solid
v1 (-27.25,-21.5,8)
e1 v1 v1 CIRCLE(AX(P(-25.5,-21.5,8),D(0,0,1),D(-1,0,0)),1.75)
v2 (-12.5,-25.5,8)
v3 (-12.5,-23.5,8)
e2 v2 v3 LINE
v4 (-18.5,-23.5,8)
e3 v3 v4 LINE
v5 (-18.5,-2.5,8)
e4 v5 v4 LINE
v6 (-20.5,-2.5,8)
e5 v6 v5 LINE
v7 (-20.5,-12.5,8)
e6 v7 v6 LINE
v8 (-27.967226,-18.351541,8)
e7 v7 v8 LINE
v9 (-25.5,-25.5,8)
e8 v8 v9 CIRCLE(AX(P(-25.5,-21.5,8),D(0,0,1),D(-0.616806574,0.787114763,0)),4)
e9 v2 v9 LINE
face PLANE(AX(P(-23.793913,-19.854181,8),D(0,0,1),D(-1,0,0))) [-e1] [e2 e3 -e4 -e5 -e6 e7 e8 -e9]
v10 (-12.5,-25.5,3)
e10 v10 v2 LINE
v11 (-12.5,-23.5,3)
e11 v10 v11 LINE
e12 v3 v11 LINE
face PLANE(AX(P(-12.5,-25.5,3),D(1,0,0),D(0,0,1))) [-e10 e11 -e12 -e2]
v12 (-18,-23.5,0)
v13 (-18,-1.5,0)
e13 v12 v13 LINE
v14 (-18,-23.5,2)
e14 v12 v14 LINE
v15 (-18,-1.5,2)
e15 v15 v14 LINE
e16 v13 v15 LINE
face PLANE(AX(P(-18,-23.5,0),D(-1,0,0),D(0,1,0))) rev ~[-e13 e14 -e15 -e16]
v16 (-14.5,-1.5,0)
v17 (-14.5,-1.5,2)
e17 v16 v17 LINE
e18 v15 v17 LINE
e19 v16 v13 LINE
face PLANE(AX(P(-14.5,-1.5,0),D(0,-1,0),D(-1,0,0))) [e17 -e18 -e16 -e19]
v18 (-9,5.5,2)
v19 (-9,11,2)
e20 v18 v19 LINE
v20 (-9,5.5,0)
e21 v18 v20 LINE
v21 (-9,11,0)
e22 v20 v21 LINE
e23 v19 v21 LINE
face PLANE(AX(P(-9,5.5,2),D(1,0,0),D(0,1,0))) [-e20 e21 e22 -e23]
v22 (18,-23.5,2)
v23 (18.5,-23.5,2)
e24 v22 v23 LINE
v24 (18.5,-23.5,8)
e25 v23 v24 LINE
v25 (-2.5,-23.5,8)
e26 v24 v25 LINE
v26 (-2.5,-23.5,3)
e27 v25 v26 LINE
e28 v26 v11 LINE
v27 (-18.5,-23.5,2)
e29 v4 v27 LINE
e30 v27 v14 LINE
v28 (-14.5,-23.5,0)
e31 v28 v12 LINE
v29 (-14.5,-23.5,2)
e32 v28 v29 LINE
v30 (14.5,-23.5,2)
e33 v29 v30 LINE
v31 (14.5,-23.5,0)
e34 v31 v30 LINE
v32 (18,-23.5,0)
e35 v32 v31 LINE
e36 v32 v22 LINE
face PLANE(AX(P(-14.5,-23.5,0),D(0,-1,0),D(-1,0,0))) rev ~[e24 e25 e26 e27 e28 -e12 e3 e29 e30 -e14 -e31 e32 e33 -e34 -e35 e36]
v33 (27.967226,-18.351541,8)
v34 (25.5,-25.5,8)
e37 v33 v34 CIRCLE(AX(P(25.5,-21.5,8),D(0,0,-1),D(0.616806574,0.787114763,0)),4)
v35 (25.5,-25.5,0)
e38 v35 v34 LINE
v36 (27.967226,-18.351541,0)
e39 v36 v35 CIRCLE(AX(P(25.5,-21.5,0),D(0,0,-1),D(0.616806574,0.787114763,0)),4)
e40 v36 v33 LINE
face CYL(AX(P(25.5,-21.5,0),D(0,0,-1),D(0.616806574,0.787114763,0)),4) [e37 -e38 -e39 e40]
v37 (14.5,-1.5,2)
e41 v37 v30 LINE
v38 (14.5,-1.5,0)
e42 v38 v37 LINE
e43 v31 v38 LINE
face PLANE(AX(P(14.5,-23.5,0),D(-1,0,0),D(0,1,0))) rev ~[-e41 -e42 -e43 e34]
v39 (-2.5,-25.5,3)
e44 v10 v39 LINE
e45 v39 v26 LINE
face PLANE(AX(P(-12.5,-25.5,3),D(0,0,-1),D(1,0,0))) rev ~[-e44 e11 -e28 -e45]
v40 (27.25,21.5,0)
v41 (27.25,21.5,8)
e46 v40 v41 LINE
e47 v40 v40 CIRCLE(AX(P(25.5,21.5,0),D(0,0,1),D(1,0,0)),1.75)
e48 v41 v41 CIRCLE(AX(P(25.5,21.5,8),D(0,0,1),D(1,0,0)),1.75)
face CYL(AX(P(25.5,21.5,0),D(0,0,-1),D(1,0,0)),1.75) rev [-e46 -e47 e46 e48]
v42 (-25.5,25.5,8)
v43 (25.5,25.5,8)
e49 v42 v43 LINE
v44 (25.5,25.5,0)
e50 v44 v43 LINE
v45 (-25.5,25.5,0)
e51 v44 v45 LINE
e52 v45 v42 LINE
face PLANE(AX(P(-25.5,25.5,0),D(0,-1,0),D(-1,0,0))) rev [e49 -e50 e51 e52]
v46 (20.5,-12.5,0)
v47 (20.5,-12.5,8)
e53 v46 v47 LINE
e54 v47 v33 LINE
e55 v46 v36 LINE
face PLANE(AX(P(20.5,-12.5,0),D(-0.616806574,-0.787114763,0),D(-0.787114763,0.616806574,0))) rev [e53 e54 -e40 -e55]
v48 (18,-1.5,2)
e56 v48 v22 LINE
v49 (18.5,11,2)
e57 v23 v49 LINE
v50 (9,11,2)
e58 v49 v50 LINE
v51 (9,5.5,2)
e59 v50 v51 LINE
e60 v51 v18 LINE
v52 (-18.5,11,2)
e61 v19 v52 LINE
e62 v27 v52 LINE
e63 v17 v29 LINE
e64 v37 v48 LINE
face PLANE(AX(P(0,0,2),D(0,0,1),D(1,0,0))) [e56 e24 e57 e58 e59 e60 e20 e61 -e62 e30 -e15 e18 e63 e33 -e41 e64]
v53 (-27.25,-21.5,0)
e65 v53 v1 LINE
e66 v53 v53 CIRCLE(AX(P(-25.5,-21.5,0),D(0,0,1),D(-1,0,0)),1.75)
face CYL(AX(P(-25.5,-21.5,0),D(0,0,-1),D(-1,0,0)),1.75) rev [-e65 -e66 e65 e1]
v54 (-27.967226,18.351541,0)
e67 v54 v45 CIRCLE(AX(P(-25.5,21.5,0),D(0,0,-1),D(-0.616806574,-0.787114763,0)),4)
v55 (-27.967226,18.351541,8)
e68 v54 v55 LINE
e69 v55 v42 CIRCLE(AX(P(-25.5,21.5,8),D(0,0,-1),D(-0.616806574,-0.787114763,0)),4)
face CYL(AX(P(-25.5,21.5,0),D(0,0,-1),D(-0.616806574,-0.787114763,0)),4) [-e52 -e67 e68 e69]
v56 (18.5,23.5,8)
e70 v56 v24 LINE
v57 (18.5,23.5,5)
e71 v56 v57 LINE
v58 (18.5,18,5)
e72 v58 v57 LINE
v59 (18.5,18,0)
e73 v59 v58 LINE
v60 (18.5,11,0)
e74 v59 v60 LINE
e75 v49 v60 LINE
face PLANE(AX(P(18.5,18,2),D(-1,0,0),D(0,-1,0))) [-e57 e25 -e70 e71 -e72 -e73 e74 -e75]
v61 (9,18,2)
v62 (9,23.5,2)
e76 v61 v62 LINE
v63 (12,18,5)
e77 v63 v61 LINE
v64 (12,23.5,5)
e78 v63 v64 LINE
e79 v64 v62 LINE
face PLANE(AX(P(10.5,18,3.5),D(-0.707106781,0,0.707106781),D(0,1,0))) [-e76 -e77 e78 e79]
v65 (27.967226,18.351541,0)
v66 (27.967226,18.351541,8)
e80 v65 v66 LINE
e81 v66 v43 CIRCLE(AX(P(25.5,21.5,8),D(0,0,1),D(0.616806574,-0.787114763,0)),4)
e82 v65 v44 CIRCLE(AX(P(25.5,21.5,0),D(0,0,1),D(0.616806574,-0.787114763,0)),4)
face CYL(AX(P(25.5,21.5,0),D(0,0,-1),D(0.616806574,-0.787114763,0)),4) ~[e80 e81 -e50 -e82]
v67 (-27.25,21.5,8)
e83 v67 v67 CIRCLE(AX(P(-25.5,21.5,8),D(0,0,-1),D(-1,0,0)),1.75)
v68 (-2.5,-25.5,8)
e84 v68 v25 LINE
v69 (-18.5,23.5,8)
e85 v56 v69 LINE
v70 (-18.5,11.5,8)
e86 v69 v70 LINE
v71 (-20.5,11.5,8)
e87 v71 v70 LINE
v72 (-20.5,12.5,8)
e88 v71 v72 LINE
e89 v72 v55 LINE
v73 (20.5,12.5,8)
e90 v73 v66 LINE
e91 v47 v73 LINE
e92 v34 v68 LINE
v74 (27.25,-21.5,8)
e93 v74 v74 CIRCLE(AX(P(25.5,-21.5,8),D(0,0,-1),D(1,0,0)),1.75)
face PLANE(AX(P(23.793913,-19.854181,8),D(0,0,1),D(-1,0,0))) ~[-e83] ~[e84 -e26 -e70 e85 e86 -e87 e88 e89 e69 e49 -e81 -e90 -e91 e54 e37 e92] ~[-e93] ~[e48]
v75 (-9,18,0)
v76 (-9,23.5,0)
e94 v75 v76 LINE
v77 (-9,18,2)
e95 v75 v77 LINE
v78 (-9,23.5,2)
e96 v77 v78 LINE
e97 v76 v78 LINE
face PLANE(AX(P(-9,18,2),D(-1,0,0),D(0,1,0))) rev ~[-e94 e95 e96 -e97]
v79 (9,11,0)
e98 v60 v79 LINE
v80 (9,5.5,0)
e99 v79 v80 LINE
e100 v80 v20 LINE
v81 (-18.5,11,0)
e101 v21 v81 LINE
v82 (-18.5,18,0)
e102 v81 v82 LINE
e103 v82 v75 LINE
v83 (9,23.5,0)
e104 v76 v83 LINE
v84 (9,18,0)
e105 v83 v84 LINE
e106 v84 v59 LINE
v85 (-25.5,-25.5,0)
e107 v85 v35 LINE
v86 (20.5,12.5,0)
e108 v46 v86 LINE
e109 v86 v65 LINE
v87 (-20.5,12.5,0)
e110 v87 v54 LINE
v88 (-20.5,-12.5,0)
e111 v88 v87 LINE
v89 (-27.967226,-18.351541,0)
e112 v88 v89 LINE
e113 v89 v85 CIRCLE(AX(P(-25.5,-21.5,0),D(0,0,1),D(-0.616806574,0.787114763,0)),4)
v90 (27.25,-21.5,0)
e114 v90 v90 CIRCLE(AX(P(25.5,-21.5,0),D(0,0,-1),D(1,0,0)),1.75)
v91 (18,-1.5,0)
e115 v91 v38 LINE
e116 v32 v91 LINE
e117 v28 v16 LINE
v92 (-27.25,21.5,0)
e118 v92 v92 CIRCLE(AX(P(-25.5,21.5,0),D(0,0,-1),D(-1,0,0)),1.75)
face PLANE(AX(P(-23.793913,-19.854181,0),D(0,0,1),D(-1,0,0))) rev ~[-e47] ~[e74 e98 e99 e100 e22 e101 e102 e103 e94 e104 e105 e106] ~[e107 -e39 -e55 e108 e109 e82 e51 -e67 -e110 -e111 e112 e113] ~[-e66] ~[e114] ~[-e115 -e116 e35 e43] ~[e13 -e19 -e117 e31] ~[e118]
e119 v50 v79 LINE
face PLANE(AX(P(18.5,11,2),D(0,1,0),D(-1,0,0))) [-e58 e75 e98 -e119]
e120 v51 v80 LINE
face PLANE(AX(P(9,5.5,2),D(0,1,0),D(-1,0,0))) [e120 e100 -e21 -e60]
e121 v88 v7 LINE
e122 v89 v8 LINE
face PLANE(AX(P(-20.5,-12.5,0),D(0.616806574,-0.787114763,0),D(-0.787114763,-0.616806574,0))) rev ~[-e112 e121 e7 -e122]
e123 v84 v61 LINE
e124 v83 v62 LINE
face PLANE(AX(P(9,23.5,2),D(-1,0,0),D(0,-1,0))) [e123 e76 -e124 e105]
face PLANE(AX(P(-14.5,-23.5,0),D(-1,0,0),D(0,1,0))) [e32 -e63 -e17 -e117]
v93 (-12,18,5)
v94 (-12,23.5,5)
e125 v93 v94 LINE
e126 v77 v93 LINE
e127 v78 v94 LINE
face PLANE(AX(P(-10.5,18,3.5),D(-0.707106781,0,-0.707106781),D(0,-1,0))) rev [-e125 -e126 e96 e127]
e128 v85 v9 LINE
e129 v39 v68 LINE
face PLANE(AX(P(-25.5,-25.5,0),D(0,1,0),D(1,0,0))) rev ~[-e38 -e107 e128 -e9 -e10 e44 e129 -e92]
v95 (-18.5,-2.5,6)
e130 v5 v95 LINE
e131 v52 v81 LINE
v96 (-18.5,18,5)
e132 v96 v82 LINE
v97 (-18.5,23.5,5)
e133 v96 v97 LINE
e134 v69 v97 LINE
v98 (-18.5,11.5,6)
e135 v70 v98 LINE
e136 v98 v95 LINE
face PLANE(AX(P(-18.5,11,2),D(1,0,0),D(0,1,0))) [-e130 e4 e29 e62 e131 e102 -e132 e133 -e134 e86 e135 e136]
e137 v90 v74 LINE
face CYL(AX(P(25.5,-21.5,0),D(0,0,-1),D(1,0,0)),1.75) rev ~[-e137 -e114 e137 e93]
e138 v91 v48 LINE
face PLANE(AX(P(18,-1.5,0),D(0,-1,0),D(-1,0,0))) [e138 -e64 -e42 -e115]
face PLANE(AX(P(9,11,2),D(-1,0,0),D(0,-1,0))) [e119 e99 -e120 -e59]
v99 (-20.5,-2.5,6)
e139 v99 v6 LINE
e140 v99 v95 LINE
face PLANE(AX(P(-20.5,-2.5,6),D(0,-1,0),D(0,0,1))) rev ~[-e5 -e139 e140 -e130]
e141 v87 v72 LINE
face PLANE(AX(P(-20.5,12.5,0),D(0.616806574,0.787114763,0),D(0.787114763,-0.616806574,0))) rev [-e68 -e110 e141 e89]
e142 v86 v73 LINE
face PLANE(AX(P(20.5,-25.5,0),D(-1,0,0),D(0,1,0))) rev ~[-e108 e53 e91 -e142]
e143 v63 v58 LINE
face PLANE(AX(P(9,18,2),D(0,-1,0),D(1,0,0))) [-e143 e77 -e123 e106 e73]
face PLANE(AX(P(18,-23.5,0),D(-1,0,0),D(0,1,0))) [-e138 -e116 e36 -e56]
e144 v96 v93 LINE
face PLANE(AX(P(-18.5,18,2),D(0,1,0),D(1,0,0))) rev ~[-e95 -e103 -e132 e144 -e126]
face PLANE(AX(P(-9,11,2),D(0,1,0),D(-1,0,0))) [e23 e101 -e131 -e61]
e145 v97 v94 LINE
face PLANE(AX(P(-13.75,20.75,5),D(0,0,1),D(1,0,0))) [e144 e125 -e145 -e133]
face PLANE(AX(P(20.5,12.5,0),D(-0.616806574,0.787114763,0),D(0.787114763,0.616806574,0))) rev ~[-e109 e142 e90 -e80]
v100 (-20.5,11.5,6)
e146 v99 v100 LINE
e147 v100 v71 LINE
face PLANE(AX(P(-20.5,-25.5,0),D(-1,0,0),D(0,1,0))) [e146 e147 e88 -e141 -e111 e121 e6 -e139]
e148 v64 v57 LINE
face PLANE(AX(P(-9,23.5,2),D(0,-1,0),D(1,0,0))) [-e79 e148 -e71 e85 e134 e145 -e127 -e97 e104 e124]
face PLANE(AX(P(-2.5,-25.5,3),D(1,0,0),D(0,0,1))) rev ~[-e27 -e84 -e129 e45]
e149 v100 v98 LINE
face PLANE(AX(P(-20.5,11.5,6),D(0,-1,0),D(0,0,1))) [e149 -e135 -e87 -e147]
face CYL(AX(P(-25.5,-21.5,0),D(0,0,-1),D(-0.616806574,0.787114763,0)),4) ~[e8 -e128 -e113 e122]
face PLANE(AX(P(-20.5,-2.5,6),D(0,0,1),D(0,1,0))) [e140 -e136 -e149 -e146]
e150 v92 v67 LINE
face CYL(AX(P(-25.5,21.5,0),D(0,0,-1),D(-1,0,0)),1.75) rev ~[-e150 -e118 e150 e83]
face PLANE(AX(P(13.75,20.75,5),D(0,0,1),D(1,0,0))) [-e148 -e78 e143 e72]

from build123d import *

# Parameters (mm, degrees)
SKETCH1_W                                  = 41
SKETCH1_H                                  = 51
BOSS_EXTRUDE1_DEPTH                        = 8
SHELL1_T                                   = -2
CUT_EXTRUDE1_DEPTH                         = 34.264094757
SKETCH3_W                                  = 10
SKETCH3_H                                  = 5
CUT_EXTRUDE2_DEPTH                         = 7
SKETCH4_W                                  = 2
SKETCH4_H                                  = 14
CUT_EXTRUDE3_DEPTH                         = 7
SKETCH5_W                                  = 3.5
SKETCH5_H                                  = 22
CUT_EXTRUDE4_DEPTH                         = 7
SKETCH6_R                                  = 1.75
BOSS_EXTRUDE2_DEPTH                        = 8
MIRROR1_AT_THE_SECOND_PLANE_COPY_1_SKETC_R = 1.75
MIRROR1_AT_THE_SECOND_PLANE_COPY_1_DEPTH   = 8
SKETCH7_W                                  = 9.5
SKETCH7_H                                  = 5.5
BOSS_EXTRUDE3_DEPTH                        = 3
CHAMFER1_SIZE                              = 3


with BuildPart() as part:
    # Sketch1 → Boss-Extrude1 (new body)
    with BuildSketch(Plane.XY):
        Rectangle(SKETCH1_W, SKETCH1_H)
    extrude(amount=BOSS_EXTRUDE1_DEPTH)

    # Shell1
    shell1_openings = [part.faces().sort_by_distance(p)[0] for p in [
        (0, 0, 8),
    ]]
    offset(amount=SHELL1_T, openings=shell1_openings, kind=Kind.INTERSECTION)

    # Sketch2 → Cut-Extrude1 (cut, through all)
    with BuildSketch(Plane.XY.offset(2)):
        Polygon((-9, 23.5), (9, 23.5), (9, 18), (18.5, 18), (18.5, 11), (9, 11), (9, 5.5), (-9, 5.5), (-9, 11), (-18.5, 11), (-18.5, 18), (-9, 18), align=None)
    extrude(amount=-CUT_EXTRUDE1_DEPTH, mode=Mode.SUBTRACT)

    # Sketch3 → Cut-Extrude2 (cut)
    with BuildSketch(Plane.XZ.offset(25.5)):
        with Locations((-7.5, 5.5)):
            Rectangle(SKETCH3_W, SKETCH3_H)
    extrude(amount=-CUT_EXTRUDE2_DEPTH, mode=Mode.SUBTRACT)

    # Sketch4 → Cut-Extrude3 (cut)
    with BuildSketch(Plane.ZY.offset(20.5)):
        with Locations((7, 4.5)):
            Rectangle(SKETCH4_W, SKETCH4_H)
    extrude(amount=-CUT_EXTRUDE3_DEPTH, mode=Mode.SUBTRACT)

    # Sketch5 → Cut-Extrude4 (cut)
    with BuildSketch(Plane(origin=(0, 0, 0), x_dir=(-1, 0, 0), z_dir=(0, 0, -1))):
        with Locations((-16.25, -12.5)):
            Rectangle(SKETCH5_W, SKETCH5_H)
        with Locations((16.25, -12.5)):
            Rectangle(SKETCH5_W, SKETCH5_H)
    extrude(amount=-CUT_EXTRUDE4_DEPTH, mode=Mode.SUBTRACT)

    # Sketch6 → Boss-Extrude2 (add)
    with BuildSketch(Plane.XY):
        with BuildLine():
            Line((25.5, 25.5), (20.5, 25.5))
            Line((20.5, 25.5), (20.5, 12.5))
            Line((20.5, 12.5), (27.967226295, 18.351540947))
            ThreePointArc((27.967226295, 18.351540947), (29.281126566, 22.805021798), (25.5, 25.5))
        make_face()
        with Locations((25.5, 21.5)):
            Circle(SKETCH6_R, mode=Mode.SUBTRACT)
    boss_extrude2 = extrude(amount=BOSS_EXTRUDE2_DEPTH)

    # Mirror1: Boss-Extrude2 across plane
    add(boss_extrude2.mirror(Plane(origin=(0, 0, 0), x_dir=(0, 0, 1), z_dir=(1, 0, 0))))

    # Mirror1 at the second plane: Boss-Extrude2 across plane
    add(boss_extrude2.mirror(Plane.ZX))

    # Mirror1 at the second plane copy 1 sketc → Mirror1 at the second plane copy 1 (add)
    with BuildSketch(Plane(origin=(0, 0, 0), x_dir=(-1, 0, 0), z_dir=(0, 0, 1))):
        with BuildLine():
            Line((25.5, 25.5), (20.5, 25.5))
            Line((20.5, 25.5), (20.5, 12.5))
            Line((20.5, 12.5), (27.967226295, 18.351540947))
            ThreePointArc((27.967226295, 18.351540947), (29.281126566, 22.805021798), (25.5, 25.5))
        make_face()
        with Locations((25.5, 21.5)):
            Circle(MIRROR1_AT_THE_SECOND_PLANE_COPY_1_SKETC_R, mode=Mode.SUBTRACT)
    extrude(amount=MIRROR1_AT_THE_SECOND_PLANE_COPY_1_DEPTH)

    # Sketch7 → Boss-Extrude3 (add)
    with BuildSketch(Plane.XY.offset(2)):
        with Locations((-13.75, 20.75)):
            Rectangle(SKETCH7_W, SKETCH7_H)
        with Locations((13.75, 20.75)):
            Rectangle(SKETCH7_W, SKETCH7_H)
    extrude(amount=BOSS_EXTRUDE3_DEPTH)

    # Chamfer1
    chamfer1_edges = [part.edges().sort_by_distance(p)[0] for p in [
        (-9, 20.75, 5),
        (9, 20.75, 5),
    ]]
    chamfer(chamfer1_edges, length=CHAMFER1_SIZE)


solid = part.part
